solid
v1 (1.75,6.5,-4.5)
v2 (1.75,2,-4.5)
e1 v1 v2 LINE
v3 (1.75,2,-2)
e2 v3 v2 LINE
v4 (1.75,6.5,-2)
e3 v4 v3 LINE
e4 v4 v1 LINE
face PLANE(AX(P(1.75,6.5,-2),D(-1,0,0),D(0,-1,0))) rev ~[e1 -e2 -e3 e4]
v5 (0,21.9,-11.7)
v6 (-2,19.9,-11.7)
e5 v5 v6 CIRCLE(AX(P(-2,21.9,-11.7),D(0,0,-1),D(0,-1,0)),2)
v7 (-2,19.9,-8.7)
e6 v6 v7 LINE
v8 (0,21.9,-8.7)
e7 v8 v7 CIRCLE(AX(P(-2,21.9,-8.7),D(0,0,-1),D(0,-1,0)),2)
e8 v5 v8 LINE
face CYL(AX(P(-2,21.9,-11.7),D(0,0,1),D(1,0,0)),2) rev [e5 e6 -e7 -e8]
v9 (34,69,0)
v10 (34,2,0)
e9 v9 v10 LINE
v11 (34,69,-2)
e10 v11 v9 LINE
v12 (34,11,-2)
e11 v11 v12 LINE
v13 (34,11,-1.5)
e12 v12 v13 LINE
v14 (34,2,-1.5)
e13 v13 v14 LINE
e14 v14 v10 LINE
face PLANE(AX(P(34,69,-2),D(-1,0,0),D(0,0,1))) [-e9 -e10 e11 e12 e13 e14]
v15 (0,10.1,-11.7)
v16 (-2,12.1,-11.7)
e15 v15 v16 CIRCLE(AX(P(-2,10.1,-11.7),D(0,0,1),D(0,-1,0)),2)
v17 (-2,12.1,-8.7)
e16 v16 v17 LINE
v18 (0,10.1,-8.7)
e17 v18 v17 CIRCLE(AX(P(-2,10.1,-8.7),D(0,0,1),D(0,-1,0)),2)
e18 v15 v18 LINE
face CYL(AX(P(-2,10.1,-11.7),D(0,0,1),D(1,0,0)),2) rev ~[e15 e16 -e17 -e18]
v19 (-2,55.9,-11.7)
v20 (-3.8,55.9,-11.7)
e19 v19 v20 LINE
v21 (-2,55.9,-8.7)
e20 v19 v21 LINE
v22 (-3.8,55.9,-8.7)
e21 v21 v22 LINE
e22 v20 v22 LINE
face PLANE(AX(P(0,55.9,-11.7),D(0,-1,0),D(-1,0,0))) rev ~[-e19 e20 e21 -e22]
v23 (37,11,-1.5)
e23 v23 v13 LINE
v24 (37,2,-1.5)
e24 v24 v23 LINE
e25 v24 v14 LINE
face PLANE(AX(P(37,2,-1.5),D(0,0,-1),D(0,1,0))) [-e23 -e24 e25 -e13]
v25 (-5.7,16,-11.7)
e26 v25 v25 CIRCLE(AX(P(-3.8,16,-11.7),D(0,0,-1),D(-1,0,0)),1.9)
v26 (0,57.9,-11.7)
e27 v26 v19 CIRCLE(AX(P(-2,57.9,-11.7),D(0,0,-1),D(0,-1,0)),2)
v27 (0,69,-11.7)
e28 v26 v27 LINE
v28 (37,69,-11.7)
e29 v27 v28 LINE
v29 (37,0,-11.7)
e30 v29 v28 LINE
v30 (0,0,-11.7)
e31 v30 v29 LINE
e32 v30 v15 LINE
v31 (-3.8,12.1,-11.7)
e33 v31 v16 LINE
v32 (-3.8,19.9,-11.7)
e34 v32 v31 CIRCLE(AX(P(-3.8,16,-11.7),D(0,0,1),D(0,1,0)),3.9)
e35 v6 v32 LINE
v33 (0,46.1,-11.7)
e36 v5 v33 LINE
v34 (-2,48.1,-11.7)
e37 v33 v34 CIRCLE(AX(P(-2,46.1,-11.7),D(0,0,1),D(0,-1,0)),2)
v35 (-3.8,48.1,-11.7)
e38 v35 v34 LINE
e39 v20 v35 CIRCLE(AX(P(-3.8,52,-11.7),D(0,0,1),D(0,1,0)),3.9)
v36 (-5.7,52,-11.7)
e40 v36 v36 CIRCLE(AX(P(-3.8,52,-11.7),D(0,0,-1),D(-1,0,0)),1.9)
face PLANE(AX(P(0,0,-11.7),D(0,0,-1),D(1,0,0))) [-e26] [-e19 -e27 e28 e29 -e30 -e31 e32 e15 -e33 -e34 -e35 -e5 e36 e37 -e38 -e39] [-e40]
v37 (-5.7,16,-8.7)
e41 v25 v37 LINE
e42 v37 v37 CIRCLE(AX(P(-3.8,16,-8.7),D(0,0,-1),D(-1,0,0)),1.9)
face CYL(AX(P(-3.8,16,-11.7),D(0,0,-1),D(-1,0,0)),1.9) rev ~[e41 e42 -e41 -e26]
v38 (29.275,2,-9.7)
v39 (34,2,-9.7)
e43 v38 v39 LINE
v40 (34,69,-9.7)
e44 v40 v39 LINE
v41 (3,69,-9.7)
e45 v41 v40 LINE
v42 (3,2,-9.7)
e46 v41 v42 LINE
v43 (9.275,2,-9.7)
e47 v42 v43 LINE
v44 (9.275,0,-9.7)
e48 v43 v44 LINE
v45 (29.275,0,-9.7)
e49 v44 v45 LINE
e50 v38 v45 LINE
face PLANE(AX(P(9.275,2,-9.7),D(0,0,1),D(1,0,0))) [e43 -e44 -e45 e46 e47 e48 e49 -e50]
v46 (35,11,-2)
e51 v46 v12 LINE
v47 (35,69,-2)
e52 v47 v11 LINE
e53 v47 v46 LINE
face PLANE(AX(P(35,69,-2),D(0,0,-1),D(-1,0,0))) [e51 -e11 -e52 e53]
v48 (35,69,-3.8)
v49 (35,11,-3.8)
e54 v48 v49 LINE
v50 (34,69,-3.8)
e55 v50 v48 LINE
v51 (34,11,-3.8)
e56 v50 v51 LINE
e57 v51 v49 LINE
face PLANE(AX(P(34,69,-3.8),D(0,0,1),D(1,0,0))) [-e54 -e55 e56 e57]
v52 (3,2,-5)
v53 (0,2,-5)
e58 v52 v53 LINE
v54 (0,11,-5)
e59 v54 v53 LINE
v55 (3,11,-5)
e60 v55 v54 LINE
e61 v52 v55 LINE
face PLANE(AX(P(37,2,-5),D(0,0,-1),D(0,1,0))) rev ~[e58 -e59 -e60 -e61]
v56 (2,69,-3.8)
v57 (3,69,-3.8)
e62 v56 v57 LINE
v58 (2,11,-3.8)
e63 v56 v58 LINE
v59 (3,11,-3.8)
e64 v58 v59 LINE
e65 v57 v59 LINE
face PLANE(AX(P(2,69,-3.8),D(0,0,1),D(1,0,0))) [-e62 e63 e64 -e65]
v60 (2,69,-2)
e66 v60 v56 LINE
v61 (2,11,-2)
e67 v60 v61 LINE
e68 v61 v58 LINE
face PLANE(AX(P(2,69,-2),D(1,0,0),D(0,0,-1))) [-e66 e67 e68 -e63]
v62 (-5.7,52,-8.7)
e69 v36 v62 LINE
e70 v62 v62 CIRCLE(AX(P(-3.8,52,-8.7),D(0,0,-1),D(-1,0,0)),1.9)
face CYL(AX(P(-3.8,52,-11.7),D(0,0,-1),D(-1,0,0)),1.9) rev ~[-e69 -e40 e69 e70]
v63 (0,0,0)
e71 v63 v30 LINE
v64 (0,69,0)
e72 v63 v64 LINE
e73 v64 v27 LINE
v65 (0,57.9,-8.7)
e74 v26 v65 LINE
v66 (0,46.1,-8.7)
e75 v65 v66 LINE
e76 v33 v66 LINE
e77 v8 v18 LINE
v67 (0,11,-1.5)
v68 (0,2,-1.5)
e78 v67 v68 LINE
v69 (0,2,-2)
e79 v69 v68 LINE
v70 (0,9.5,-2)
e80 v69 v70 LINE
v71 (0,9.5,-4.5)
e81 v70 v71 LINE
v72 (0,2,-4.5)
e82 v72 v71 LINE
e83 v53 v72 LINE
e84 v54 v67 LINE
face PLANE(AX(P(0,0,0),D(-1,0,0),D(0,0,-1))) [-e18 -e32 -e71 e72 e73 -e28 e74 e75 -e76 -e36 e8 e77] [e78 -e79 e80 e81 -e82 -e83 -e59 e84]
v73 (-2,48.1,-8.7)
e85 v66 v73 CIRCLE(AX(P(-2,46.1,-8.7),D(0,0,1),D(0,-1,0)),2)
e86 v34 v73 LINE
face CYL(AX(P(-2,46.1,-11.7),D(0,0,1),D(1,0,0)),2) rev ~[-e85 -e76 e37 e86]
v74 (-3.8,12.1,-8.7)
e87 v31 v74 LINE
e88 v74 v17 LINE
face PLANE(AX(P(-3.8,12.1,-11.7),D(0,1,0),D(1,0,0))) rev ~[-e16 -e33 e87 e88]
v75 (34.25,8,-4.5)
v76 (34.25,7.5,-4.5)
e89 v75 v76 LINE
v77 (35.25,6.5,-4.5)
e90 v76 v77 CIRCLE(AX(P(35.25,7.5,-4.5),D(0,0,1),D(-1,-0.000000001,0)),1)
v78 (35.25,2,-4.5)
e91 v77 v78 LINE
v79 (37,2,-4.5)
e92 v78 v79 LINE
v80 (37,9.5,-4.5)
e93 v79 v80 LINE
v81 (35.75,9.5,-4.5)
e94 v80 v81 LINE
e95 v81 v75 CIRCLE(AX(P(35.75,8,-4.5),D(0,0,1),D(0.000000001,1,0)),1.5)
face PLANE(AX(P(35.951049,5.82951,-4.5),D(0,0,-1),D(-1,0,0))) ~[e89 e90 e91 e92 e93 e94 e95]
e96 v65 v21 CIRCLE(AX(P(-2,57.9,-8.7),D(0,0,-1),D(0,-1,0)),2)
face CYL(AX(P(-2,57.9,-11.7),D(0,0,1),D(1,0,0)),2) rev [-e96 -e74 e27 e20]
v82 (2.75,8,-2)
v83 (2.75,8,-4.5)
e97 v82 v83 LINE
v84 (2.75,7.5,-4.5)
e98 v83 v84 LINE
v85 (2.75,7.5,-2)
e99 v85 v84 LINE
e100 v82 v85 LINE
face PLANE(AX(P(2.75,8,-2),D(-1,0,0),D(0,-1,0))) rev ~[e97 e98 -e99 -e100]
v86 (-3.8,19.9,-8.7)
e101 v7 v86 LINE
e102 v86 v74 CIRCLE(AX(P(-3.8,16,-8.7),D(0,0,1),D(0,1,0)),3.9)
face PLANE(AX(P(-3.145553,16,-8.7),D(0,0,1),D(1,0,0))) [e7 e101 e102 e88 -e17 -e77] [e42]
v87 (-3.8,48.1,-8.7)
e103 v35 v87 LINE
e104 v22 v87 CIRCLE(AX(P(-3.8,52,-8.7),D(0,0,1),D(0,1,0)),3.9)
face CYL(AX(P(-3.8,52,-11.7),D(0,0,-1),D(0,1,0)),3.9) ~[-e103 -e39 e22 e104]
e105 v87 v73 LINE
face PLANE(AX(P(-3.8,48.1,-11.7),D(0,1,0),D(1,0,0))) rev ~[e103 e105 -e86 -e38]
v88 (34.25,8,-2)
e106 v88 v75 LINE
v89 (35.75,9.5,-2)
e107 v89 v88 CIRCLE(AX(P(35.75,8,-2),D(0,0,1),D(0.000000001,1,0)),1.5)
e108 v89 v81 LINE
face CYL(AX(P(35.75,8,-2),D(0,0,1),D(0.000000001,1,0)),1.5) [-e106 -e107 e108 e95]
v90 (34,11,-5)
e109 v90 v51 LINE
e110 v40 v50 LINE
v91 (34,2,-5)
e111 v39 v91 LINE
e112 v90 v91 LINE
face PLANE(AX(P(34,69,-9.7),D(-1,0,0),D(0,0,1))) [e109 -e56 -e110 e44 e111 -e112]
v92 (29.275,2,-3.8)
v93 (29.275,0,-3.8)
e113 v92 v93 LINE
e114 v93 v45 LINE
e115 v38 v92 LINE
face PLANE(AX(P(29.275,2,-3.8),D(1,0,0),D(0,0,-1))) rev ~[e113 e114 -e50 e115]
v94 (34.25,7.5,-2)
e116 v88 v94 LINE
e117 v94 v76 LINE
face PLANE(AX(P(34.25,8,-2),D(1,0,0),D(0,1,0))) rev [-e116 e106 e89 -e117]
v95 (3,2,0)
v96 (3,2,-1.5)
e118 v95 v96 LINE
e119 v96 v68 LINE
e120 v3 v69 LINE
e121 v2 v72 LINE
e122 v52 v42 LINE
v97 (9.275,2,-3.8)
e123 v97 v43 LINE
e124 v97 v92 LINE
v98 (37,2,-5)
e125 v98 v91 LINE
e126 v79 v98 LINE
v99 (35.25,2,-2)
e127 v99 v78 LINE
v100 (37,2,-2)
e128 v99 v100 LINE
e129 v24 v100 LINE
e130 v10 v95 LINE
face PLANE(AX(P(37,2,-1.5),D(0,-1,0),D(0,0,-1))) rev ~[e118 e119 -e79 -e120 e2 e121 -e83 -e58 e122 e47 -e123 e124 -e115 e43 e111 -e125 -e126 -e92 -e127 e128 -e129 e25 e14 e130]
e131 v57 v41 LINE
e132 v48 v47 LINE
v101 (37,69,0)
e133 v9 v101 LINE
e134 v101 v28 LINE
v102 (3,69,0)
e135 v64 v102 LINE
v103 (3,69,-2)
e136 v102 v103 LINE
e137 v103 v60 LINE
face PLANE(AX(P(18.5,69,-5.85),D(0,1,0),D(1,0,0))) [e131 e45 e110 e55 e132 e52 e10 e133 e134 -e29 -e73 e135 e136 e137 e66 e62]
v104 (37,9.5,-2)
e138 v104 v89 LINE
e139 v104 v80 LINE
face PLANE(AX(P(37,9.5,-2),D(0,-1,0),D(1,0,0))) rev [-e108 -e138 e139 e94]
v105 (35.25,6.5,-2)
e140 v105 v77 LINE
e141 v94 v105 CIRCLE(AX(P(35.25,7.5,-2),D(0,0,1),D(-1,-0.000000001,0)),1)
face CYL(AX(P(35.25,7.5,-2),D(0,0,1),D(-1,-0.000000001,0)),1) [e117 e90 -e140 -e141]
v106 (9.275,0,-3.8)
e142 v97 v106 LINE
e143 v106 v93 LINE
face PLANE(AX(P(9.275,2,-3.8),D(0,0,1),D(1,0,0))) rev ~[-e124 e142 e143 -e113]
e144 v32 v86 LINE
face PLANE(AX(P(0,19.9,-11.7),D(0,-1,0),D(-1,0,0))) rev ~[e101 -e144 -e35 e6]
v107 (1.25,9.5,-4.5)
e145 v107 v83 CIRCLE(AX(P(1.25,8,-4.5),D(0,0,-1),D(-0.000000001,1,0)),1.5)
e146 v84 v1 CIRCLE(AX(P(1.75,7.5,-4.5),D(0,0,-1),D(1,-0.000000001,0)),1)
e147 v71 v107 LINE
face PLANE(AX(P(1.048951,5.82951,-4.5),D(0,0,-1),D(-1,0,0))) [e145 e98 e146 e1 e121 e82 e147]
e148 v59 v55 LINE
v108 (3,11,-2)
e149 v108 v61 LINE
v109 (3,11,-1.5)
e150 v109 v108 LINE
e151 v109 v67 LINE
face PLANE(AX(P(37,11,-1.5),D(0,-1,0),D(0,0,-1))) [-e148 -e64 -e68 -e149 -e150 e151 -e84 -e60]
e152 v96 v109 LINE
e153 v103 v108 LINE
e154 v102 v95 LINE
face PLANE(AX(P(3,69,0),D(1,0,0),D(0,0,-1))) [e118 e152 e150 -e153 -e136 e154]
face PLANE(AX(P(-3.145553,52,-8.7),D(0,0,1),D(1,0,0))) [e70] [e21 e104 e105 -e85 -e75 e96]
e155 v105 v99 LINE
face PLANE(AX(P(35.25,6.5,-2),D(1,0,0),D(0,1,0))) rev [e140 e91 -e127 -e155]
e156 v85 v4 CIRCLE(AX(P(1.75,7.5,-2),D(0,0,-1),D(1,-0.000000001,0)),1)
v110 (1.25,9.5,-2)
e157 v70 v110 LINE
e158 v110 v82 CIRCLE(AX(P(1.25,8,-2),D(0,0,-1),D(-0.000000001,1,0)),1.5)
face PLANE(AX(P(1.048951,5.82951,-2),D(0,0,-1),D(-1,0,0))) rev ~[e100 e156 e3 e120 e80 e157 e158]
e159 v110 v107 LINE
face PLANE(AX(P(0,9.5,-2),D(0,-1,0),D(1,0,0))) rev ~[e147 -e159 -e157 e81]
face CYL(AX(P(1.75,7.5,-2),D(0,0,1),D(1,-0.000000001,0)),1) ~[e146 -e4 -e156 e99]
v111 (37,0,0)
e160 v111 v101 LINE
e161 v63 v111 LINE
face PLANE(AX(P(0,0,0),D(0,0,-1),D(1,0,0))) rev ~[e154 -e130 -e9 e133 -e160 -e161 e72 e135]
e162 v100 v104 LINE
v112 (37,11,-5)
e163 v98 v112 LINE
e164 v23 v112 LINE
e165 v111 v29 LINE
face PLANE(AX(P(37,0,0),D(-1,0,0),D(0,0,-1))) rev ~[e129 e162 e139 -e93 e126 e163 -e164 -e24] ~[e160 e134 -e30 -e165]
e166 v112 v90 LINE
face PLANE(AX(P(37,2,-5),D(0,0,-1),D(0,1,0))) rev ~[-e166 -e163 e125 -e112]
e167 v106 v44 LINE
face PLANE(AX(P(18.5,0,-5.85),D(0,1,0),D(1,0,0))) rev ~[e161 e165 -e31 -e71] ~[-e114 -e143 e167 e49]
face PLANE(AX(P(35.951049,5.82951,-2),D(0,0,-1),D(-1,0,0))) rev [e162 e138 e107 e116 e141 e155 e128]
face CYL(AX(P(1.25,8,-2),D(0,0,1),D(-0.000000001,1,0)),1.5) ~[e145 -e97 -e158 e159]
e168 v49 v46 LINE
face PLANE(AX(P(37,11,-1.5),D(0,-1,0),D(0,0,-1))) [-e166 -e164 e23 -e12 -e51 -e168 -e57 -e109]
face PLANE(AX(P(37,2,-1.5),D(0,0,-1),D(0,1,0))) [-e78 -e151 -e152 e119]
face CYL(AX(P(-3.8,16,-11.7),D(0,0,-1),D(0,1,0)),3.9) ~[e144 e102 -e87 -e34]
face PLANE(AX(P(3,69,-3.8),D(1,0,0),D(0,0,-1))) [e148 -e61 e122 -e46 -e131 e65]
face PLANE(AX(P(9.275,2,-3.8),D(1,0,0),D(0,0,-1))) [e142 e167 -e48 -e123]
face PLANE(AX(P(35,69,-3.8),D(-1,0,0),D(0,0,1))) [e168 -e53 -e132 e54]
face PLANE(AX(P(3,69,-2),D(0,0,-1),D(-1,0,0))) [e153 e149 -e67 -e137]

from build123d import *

# Parameters (mm, degrees)
SKETCH1_W           = 37
SKETCH1_H           = 11.7
BOSS_EXTRUDE1_DEPTH = 69
CUT_EXTRUDE1_DEPTH  = 67
SKETCH3_W           = 20
SKETCH3_H           = 5.9
CUT_EXTRUDE2_DEPTH  = 67
SKETCH4_R           = 1.9
BOSS_EXTRUDE2_DEPTH = 3
FILLET1_R           = 2
SKETCH5_W           = 3.5
SKETCH5_H           = 9
CUT_EXTRUDE3_DEPTH  = 40
BOSS_EXTRUDE3_START = 0.5
BOSS_EXTRUDE3_DEPTH = 2.5


with BuildPart() as part:
    # Sketch1 → Boss-Extrude1 (new body)
    with BuildSketch(Plane(origin=(0, 0, 0), x_dir=(1, 0, 0), z_dir=(0, 1, 0))):
        with Locations((18.5, 5.85)):
            Rectangle(SKETCH1_W, SKETCH1_H)
    extrude(amount=BOSS_EXTRUDE1_DEPTH)

    # Sketch2 → Cut-Extrude1 (cut)
    with BuildSketch(Plane(origin=(0, 69, 0), x_dir=(1, 0, 0), z_dir=(0, 1, 0))):
        Polygon((3, 0), (3, 2), (2, 2), (2, 3.8), (3, 3.8), (3, 9.7), (34, 9.7), (34, 3.8), (35, 3.8), (35, 2), (34, 2), (34, 0), align=None)
    extrude(amount=-CUT_EXTRUDE1_DEPTH, mode=Mode.SUBTRACT)

    # Sketch3 → Cut-Extrude2 (cut)
    with BuildSketch(Plane(origin=(0, 2, 0), x_dir=(1, 0, 0), z_dir=(0, 1, 0))):
        with Locations((19.275, 6.75)):
            Rectangle(SKETCH3_W, SKETCH3_H)
    extrude(amount=-CUT_EXTRUDE2_DEPTH, mode=Mode.SUBTRACT)

    # Sketch4 → Boss-Extrude2 (add)
    # profile 1 of 2: a face of its own
    with BuildSketch(Plane(origin=(48.7, 0, -11.7), x_dir=(-1, 0, 0), z_dir=(0, 0, -1))):
        with BuildLine():
            Line((48.7, 55.9), (52.5, 55.9))
            ThreePointArc((52.5, 55.9), (56.4, 52), (52.5, 48.1))
            Line((52.5, 48.1), (48.7, 48.1))
            Line((48.7, 48.1), (48.7, 55.9))
        make_face()
        with Locations((52.5, 52)):
            Circle(SKETCH4_R, mode=Mode.SUBTRACT)
    # profile 2 of 2: a face of its own
    with BuildSketch(Plane(origin=(48.7, 0, -11.7), x_dir=(-1, 0, 0), z_dir=(0, 0, -1))):
        with BuildLine():
            Line((48.7, 19.9), (52.5, 19.9))
            ThreePointArc((52.5, 19.9), (56.4, 16), (52.5, 12.1))
            Line((52.5, 12.1), (48.7, 12.1))
            Line((48.7, 12.1), (48.7, 19.9))
        make_face()
        with Locations((52.5, 16)):
            Circle(SKETCH4_R, mode=Mode.SUBTRACT)
    extrude(amount=-BOSS_EXTRUDE2_DEPTH)

    # Fillet1
    fillet1_edges = [part.edges().sort_by_distance(p)[0] for p in [
        (0, 48.1, -10.2),
        (0, 55.9, -10.2),
        (0, 12.1, -10.2),
        (0, 19.9, -10.2),
    ]]
    fillet(fillet1_edges, radius=FILLET1_R)

    # Sketch5 → Cut-Extrude3 (cut)
    with BuildSketch(Plane(origin=(37, 0, 0), x_dir=(0, 0, -1), z_dir=(1, 0, 0))):
        with Locations((3.25, 6.5)):
            Rectangle(SKETCH5_W, SKETCH5_H)
    extrude(amount=-CUT_EXTRUDE3_DEPTH, mode=Mode.SUBTRACT)

    # Sketch6 → Boss-Extrude3 (add)
    with BuildSketch(Plane(origin=(0, 0, -1.5), x_dir=(-1, 0, 0), z_dir=(0, 0, -1)).offset(BOSS_EXTRUDE3_START)):
        with BuildLine():
            Line((0, 2), (0, 9.5))
            Line((0, 9.5), (-1.25, 9.5))
            ThreePointArc((-1.25, 9.5), (-2.310660172, 9.060660172), (-2.75, 8))
            Line((-2.75, 8), (-2.75, 7.5))
            ThreePointArc((-2.75, 7.5), (-2.457106781, 6.792893219), (-1.75, 6.5))
            Line((-1.75, 6.5), (-1.75, 2))
            Line((-1.75, 2), (0, 2))
        make_face()
    boss_extrude3 = extrude(amount=BOSS_EXTRUDE3_DEPTH)

    # Mirror1: Boss-Extrude3 across plane
    add(boss_extrude3.mirror(Plane.ZY.offset(-18.5)))


solid = part.part
